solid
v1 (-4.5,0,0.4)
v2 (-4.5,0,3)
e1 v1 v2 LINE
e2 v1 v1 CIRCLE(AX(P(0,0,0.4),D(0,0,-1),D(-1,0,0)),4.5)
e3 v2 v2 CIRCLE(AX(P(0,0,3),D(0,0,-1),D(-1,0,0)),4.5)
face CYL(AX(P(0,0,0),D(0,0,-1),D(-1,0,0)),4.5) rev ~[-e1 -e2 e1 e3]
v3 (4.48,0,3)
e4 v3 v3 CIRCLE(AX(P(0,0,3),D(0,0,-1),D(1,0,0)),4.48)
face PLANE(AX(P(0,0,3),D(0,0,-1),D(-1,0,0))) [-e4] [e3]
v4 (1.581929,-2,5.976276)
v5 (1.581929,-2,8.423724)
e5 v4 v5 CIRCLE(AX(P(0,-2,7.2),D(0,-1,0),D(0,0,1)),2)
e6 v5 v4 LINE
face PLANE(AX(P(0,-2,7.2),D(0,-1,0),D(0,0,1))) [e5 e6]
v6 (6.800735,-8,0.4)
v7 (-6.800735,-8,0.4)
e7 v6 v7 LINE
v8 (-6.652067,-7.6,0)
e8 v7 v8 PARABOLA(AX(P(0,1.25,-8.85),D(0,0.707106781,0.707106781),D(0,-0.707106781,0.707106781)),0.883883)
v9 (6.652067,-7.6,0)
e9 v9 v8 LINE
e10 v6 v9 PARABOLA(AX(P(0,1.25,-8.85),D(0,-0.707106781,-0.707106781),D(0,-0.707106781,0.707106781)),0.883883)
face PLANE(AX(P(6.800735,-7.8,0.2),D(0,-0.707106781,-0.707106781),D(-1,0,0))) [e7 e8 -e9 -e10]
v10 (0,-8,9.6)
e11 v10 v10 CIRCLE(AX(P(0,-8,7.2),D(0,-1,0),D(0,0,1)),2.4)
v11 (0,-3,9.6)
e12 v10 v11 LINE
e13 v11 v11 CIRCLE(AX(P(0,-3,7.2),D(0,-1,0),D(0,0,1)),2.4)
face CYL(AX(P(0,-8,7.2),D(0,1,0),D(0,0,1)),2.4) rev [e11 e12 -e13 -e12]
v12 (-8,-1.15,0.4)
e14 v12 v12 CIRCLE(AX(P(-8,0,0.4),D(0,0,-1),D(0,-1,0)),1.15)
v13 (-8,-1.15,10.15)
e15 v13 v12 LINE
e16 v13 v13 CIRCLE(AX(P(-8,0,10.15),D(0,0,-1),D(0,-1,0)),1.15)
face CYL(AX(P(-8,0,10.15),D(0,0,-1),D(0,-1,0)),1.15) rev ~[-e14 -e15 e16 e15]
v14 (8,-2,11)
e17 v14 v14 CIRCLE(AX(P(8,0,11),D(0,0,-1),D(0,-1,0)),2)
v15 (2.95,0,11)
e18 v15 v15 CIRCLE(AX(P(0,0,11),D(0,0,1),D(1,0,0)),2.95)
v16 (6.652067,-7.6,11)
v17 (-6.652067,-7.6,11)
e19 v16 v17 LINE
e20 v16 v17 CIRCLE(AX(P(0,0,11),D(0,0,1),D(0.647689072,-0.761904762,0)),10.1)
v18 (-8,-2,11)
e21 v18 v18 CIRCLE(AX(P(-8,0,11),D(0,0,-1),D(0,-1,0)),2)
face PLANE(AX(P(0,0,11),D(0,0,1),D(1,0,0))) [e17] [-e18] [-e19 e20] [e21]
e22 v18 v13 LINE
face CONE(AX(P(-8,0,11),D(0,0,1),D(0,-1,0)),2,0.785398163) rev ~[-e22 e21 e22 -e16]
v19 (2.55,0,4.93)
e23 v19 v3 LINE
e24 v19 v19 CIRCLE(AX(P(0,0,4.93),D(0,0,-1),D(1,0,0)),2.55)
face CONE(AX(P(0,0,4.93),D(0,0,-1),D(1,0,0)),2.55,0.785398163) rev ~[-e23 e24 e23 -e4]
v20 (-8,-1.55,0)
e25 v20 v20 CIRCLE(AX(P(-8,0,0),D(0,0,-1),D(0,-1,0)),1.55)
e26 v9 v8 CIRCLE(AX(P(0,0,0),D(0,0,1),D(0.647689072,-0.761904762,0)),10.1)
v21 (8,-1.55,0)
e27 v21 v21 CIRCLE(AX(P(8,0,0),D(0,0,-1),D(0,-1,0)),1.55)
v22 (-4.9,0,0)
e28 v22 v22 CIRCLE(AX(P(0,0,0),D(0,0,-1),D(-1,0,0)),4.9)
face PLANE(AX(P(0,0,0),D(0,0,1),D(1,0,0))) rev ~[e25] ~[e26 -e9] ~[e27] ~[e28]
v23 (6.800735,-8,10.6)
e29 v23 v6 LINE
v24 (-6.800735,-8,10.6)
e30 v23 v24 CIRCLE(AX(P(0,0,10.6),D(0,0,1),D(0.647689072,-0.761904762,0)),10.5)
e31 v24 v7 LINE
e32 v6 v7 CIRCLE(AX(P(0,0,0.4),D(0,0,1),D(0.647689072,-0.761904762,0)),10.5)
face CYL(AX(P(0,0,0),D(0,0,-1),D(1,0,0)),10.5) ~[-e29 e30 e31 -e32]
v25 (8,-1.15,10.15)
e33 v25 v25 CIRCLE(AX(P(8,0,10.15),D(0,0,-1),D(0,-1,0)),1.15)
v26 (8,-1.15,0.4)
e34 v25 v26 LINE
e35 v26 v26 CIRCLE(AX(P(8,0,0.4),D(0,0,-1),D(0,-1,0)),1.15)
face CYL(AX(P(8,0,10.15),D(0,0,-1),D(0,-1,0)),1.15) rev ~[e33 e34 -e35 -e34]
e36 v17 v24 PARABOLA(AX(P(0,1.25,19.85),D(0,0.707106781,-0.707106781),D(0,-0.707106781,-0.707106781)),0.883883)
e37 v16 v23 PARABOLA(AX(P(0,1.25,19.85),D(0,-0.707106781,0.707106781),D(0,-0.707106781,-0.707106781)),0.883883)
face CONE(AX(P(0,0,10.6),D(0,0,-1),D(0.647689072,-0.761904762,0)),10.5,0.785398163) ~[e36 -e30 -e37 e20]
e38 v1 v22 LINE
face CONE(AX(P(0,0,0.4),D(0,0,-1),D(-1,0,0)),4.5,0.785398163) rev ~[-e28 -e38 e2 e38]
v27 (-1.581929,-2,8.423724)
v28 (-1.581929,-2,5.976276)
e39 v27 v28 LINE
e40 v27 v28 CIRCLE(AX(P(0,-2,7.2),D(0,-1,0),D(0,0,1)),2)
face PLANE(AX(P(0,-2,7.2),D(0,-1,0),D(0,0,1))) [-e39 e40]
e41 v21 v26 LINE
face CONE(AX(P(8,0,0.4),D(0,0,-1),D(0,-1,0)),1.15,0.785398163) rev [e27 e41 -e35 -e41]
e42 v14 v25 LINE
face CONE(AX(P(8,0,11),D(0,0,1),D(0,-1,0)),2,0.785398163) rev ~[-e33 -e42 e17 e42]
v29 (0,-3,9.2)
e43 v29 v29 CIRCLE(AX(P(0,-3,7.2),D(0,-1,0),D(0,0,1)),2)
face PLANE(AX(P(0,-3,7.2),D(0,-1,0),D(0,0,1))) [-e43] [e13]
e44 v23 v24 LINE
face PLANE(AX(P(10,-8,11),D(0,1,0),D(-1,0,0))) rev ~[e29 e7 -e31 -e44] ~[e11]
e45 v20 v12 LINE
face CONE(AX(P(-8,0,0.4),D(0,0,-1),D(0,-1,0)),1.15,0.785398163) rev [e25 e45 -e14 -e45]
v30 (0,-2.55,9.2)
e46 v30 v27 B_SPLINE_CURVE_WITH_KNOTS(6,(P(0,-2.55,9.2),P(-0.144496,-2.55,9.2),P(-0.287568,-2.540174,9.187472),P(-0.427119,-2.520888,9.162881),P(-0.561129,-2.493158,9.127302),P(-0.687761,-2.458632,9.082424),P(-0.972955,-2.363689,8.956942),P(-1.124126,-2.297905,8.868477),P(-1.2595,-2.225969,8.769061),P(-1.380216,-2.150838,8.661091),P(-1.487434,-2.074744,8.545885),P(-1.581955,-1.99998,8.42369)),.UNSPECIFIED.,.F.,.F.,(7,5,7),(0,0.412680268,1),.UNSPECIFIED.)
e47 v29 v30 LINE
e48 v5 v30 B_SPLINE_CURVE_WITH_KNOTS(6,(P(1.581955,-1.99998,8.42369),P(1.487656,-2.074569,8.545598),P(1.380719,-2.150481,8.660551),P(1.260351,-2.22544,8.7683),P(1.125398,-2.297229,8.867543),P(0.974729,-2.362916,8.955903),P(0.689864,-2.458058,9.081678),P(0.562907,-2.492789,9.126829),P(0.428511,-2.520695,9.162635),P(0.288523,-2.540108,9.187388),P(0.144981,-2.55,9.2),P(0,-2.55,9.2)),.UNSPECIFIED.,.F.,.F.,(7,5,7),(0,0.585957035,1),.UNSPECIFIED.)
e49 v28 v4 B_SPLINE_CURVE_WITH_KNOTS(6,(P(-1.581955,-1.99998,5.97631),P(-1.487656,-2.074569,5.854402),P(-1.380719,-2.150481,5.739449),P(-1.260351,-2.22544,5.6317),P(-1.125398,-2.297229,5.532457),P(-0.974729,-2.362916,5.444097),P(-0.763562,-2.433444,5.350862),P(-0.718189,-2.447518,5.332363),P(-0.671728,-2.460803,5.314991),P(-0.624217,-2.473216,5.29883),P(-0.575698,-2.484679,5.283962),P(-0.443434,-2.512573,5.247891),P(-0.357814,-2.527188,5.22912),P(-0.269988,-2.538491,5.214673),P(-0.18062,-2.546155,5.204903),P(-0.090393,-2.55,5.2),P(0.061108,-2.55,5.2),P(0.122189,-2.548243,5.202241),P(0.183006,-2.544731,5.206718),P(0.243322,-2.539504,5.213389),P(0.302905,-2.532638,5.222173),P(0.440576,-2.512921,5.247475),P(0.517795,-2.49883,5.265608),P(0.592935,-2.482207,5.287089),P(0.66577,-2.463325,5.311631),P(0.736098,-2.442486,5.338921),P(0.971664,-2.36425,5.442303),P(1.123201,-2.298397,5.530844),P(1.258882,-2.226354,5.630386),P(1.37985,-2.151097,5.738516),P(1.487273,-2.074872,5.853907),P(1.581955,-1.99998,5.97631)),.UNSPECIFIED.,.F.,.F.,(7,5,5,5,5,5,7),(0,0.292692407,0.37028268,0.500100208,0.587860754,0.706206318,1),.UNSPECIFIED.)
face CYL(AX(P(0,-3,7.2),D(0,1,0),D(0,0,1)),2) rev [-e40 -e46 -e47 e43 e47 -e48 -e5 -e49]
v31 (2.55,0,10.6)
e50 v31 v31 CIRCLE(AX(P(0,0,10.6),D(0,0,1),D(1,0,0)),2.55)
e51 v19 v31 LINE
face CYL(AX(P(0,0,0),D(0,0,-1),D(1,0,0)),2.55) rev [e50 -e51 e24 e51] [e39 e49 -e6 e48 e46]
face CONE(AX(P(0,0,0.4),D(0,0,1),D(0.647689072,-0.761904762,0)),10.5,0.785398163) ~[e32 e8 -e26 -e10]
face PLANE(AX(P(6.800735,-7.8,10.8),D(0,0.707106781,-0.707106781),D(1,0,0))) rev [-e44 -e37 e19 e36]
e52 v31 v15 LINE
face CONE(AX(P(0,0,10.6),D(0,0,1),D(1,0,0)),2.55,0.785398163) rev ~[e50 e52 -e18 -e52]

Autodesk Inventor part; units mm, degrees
ref_plane "YZ Plane" through (0, 0, 0) normal (1, 0, 0) x (0, 1, 0)
ref_plane "XZ Plane" through (0, 0, 0) normal (0, 1, 0) x (-1, 0, 0)
ref_plane "XY Plane" through (0, 0, 0) normal (0, 0, 1) x (1, 0, 0)
sketch "Sketch1" plane through (0, 0, 0) normal (0, 0, 1) x (1, 0, 0)
  circle A0 centre (0, 0) radius 2.55
  circle A1 centre (0, 0) radius 10.5
  dimension "d0" = 21
  dimension "d1" = 5.1
extrude "Extrusion1" add sketch "Sketch1" along normal blind 11
sketch "Sketch3" plane through (0, 0, 0) normal (0, 0, -1) x (-1, 0, 0)
  circle A0 centre (0, 0) radius 4.5
  dimension "d12" = 9
extrude "Extrusion2" cut sketch "Sketch3" against normal blind 3
chamfer "Chamfer1" distance 1.93 angle 45 1 edges at (-2.55, 0, 3)
sketch "Sketch4" plane through (0, 0, 11) normal (0, 0, 1) x (1, 0, 0)
  line L0 (10, -8) -> (-10, -8)
  line L1 (-10, -8) -> (-10, -18)
  line L2 (-10, -18) -> (10, -18)
  line L3 (10, -18) -> (10, -8)
  point P0 (0, 0)
  point P1 (0, -8)
  dimension "d18" = 20
  dimension "d19" = 8
  dimension "d20" = 10
extrude "Extrusion3" cut sketch "Sketch4" against normal through all
sketch "Sketch2" plane through (0, 0, 11) normal (0, 0, 1) x (1, 0, 0)
  circle A0 centre (0, 0) radius 8 construction
  point P0 (-8, 0)
  point P1 (8, 0)
  dimension "d4" = 16
hole "Hole1" at (-8, 0, 11) at (8, 0, 11) direction (0, 0, -1) diameter 2.3 end through all countersink diameter 4 countersink angle 90
sketch "Sketch5" plane through (0, 0, 0) normal (1, 0, 0) x (0, 1, 0)
  line L0 (-1, 7.2) -> (-12.4416, 7.2)
  line L1 (-8, 11) -> (-8, 0) projected
  line L2 (-8, 9.6) -> (-3, 9.6)
  line L3 (-3, 9.6) -> (-3, 9.2)
  line L4 (-3, 9.2) -> (-2, 9.2)
  line L5 (-2.55, 11) -> (-2.55, 4.93) projected
  line L6 (-2, 9.2) -> (-2, 7.2)
  line L7 (-8, 9.6) -> (-8, 7.2)
  line L8 (10.5, 11) -> (-8, 11) projected
  point P0 (0, 0)
  dimension "d23" = 4.8
  dimension "d24" = 4
  dimension "d25" = 5
  dimension "d27" = 1.4
  dimension "d28" = 1
revolve "Revolution1" cut sketch "Sketch5" angle 360 about axis through (0, -1, 7.2) along (0, -1, 0) contours L0 L5 L4 L6 | L0 L1 L2 L3 L4 L5
chamfer "Chamfer2" distance 0.4 angle 45 8 edges at (0, 10.5, 11) (0, -8, 11) (0, 10.5, 0) (0, -8, 0) (4.5, 0, 0) (-8, 1.15, 0) (8, 1.15, 0) (-2.55, 0, 11)
properties part number "shaft-coupler-pla" material "ABS Plastic"
